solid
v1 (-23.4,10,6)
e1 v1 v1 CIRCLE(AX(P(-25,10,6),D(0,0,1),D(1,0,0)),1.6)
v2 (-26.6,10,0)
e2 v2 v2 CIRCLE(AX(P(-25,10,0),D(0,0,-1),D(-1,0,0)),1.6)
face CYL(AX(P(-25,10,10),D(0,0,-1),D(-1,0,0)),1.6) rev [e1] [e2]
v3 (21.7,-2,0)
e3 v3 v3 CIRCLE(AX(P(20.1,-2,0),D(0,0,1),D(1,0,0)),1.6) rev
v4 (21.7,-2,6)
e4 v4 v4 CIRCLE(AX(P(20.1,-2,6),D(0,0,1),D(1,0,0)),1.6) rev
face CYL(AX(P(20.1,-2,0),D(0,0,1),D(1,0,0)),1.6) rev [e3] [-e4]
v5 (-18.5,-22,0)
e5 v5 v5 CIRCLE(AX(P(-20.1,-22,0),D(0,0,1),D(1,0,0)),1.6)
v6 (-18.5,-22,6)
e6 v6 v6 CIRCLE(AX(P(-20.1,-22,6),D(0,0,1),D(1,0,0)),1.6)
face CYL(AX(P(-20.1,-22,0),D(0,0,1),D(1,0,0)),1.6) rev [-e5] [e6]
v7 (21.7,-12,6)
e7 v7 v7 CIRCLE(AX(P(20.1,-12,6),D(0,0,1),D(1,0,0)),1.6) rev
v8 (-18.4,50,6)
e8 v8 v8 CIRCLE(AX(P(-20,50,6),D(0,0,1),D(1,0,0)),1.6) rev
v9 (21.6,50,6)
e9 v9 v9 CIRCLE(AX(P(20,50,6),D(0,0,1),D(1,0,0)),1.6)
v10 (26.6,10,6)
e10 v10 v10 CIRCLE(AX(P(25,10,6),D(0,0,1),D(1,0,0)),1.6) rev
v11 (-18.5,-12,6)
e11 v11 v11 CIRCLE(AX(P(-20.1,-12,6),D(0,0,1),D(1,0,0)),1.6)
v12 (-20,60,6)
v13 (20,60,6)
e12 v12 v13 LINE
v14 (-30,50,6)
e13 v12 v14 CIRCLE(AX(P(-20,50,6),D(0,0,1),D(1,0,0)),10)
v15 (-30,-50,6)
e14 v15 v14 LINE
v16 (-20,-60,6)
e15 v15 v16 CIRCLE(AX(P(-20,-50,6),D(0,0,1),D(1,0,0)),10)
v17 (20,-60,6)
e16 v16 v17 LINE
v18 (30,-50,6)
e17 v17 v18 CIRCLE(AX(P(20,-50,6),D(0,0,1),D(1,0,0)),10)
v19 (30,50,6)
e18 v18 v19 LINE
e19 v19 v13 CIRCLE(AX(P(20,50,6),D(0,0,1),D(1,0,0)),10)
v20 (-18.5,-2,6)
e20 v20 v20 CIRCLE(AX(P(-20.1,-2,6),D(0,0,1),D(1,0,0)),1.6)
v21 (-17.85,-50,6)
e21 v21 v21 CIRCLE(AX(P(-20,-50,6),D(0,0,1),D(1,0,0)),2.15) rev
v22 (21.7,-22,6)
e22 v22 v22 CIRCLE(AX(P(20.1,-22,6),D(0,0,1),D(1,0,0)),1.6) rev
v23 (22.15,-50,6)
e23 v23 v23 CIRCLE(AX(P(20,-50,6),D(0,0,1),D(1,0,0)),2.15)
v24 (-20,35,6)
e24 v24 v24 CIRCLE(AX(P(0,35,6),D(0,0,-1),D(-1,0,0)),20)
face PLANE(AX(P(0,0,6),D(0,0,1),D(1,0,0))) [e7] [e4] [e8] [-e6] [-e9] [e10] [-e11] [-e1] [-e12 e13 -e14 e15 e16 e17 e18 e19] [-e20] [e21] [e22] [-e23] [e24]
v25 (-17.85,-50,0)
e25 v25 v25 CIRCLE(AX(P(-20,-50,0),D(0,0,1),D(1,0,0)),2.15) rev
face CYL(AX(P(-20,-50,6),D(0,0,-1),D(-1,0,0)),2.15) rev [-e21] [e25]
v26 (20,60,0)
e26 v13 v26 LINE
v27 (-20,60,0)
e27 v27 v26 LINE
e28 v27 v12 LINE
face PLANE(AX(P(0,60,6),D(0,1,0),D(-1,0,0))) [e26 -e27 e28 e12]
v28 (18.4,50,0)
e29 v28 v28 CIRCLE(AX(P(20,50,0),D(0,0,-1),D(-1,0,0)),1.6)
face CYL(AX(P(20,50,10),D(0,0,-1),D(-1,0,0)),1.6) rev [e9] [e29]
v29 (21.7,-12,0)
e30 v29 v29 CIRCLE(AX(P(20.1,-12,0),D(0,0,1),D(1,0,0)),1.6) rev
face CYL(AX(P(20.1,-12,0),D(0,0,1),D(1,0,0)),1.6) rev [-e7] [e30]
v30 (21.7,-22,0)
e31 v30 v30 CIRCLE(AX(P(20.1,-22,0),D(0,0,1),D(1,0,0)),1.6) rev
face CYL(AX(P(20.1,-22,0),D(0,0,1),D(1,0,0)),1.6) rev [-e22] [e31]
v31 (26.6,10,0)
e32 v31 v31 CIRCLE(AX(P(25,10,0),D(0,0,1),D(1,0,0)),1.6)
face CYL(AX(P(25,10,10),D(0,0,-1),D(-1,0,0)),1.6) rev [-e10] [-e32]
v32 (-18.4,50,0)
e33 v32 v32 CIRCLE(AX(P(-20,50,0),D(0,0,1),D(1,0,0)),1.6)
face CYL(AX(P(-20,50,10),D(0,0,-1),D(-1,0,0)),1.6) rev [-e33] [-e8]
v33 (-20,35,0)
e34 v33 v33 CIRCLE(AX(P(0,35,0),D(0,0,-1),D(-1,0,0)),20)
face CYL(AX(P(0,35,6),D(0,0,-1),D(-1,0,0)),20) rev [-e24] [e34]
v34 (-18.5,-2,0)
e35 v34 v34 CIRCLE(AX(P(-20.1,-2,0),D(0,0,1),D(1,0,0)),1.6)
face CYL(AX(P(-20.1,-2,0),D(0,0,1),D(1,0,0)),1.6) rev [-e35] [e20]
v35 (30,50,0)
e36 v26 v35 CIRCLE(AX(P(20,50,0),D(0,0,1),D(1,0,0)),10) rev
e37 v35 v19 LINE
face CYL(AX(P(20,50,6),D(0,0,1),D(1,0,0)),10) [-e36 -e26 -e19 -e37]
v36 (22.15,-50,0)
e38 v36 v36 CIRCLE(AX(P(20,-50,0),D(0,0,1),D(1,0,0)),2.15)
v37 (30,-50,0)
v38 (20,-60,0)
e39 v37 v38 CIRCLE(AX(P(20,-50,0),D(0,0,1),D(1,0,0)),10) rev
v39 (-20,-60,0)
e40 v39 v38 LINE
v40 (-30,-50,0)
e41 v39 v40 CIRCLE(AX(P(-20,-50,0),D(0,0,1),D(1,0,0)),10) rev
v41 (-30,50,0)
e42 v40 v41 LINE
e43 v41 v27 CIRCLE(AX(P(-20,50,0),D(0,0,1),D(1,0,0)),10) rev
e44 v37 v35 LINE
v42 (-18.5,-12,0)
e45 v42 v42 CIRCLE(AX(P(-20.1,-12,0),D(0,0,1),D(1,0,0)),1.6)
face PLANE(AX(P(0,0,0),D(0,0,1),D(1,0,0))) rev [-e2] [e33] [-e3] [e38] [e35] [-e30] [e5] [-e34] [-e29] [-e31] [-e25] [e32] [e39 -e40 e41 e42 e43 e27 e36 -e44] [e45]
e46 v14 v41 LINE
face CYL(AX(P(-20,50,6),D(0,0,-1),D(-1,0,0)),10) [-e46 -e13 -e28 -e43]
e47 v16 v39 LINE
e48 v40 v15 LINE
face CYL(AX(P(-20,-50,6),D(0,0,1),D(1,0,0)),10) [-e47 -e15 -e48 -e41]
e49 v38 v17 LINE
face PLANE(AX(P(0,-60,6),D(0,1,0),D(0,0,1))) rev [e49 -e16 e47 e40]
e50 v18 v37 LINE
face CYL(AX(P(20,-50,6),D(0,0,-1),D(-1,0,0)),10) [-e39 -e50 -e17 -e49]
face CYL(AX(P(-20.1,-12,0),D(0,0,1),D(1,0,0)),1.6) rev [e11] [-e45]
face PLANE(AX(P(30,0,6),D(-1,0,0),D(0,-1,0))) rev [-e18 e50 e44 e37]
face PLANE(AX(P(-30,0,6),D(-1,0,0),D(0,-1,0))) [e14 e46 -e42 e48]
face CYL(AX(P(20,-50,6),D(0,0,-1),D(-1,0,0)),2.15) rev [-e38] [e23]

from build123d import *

# Parameters (mm, degrees)
SKETCH_1_W          = 60
SKETCH_1_H          = 120
SKETCH_1_R          = 1.6
SKETCH_1_R_2        = 2.15
EXTRUDE_3_DEPTH     = 6
SKETCH_9_R          = 1.6
CUT_EXTRUDE_1_DEPTH = 6
FILLET_1_R          = 10
SKETCH_11_R         = 20
SKETCH_11_R_2       = 1.6
CUT_EXTRUDE_2_DEPTH = 6
SKETCH_21_R         = 1.6
CUT_EXTRUDE_7_DEPTH = 10


with BuildPart() as part:
    # 草图1 → 凸台-拉伸3 (new body)
    with BuildSketch(Plane.XY):
        Rectangle(SKETCH_1_W, SKETCH_1_H)
        with Locations((0, 50.5)):
            Circle(SKETCH_1_R, mode=Mode.SUBTRACT)
        with Locations((20, -50)):
            Circle(SKETCH_1_R_2, mode=Mode.SUBTRACT)
        with Locations((-20, -50)):
            Circle(SKETCH_1_R_2, mode=Mode.SUBTRACT)
        with Locations((13.423393759, 42.75)):
            Circle(SKETCH_1_R, mode=Mode.SUBTRACT)
        with Locations((13.423393759, 27.25)):
            Circle(SKETCH_1_R, mode=Mode.SUBTRACT)
        with Locations((0, 19.5)):
            Circle(SKETCH_1_R, mode=Mode.SUBTRACT)
        with Locations((-13.423393759, 27.25)):
            Circle(SKETCH_1_R, mode=Mode.SUBTRACT)
        with Locations((-13.423393759, 42.75)):
            Circle(SKETCH_1_R, mode=Mode.SUBTRACT)
        with BuildLine():
            Line((6, 42), (6, 28))
            ThreePointArc((6, 28), (0, 22), (-6, 28))
            Line((-6, 28), (-6, 42))
            ThreePointArc((-6, 42), (0, 48), (6, 42))
        make_face(mode=Mode.SUBTRACT)
    extrude(amount=EXTRUDE_3_DEPTH)

    # 草图9 → 切除-拉伸1 (cut)
    with BuildSketch(Plane.XY.offset(6)):
        with Locations((20.1, -22)):
            Circle(SKETCH_9_R)
        with Locations((20.1, -2)):
            Circle(SKETCH_9_R)
        with Locations((20.1, -12)):
            Circle(SKETCH_9_R)
        with Locations((-20.1, -2)):
            Circle(SKETCH_9_R)
        with Locations((-20.1, -12)):
            Circle(SKETCH_9_R)
        with Locations((-20.1, -22)):
            Circle(SKETCH_9_R)
    extrude(amount=-CUT_EXTRUDE_1_DEPTH, mode=Mode.SUBTRACT)

    # 圆角1
    fillet_1_edges = [part.edges().sort_by_distance(p)[0] for p in [
        (30, -60, 3),
        (-30, -60, 3),
        (-30, 60, 3),
        (30, 60, 3),
    ]]
    fillet(fillet_1_edges, radius=FILLET_1_R)

    # 草图11 → 切除-拉伸2 (cut)
    with BuildSketch(Plane(origin=(0, 0, 0), x_dir=(-1, 0, 0), z_dir=(0, 0, -1))):
        with Locations((0, 35)):
            Circle(SKETCH_11_R)
        with Locations((-13.423393759, 27.25)):
            Circle(SKETCH_11_R_2, mode=Mode.SUBTRACT)
        with Locations((13.423393759, 27.25)):
            Circle(SKETCH_11_R_2, mode=Mode.SUBTRACT)
        with Locations((13.423393759, 42.75)):
            Circle(SKETCH_11_R_2, mode=Mode.SUBTRACT)
        with Locations((0, 19.5)):
            Circle(SKETCH_11_R_2, mode=Mode.SUBTRACT)
        with Locations((0, 50.5)):
            Circle(SKETCH_11_R_2, mode=Mode.SUBTRACT)
        with Locations((-13.423393759, 42.75)):
            Circle(SKETCH_11_R_2, mode=Mode.SUBTRACT)
        with BuildLine():
            ThreePointArc((-6, 42), (0, 48), (6, 42))
            Line((6, 42), (6, 28))
            ThreePointArc((6, 28), (0, 22), (-6, 28))
            Line((-6, 28), (-6, 42))
        make_face(mode=Mode.SUBTRACT)
    extrude(amount=-CUT_EXTRUDE_2_DEPTH, mode=Mode.SUBTRACT)

    # 草图21 → 切除-拉伸7 (cut)
    with BuildSketch(Plane(origin=(0, 0, 0), x_dir=(-1, 0, 0), z_dir=(0, 0, -1))):
        with Locations((-20, 50)):
            Circle(SKETCH_21_R)
        with Locations(Location((20, 50, 0), (0, 0, 180))):
            Circle(SKETCH_21_R)
        with Locations((25, 10)):
            Circle(SKETCH_21_R)
        with Locations(Location((-25, 10, 0), (0, 0, 180))):
            Circle(SKETCH_21_R)
    extrude(amount=-CUT_EXTRUDE_7_DEPTH, mode=Mode.SUBTRACT)


solid = part.part
